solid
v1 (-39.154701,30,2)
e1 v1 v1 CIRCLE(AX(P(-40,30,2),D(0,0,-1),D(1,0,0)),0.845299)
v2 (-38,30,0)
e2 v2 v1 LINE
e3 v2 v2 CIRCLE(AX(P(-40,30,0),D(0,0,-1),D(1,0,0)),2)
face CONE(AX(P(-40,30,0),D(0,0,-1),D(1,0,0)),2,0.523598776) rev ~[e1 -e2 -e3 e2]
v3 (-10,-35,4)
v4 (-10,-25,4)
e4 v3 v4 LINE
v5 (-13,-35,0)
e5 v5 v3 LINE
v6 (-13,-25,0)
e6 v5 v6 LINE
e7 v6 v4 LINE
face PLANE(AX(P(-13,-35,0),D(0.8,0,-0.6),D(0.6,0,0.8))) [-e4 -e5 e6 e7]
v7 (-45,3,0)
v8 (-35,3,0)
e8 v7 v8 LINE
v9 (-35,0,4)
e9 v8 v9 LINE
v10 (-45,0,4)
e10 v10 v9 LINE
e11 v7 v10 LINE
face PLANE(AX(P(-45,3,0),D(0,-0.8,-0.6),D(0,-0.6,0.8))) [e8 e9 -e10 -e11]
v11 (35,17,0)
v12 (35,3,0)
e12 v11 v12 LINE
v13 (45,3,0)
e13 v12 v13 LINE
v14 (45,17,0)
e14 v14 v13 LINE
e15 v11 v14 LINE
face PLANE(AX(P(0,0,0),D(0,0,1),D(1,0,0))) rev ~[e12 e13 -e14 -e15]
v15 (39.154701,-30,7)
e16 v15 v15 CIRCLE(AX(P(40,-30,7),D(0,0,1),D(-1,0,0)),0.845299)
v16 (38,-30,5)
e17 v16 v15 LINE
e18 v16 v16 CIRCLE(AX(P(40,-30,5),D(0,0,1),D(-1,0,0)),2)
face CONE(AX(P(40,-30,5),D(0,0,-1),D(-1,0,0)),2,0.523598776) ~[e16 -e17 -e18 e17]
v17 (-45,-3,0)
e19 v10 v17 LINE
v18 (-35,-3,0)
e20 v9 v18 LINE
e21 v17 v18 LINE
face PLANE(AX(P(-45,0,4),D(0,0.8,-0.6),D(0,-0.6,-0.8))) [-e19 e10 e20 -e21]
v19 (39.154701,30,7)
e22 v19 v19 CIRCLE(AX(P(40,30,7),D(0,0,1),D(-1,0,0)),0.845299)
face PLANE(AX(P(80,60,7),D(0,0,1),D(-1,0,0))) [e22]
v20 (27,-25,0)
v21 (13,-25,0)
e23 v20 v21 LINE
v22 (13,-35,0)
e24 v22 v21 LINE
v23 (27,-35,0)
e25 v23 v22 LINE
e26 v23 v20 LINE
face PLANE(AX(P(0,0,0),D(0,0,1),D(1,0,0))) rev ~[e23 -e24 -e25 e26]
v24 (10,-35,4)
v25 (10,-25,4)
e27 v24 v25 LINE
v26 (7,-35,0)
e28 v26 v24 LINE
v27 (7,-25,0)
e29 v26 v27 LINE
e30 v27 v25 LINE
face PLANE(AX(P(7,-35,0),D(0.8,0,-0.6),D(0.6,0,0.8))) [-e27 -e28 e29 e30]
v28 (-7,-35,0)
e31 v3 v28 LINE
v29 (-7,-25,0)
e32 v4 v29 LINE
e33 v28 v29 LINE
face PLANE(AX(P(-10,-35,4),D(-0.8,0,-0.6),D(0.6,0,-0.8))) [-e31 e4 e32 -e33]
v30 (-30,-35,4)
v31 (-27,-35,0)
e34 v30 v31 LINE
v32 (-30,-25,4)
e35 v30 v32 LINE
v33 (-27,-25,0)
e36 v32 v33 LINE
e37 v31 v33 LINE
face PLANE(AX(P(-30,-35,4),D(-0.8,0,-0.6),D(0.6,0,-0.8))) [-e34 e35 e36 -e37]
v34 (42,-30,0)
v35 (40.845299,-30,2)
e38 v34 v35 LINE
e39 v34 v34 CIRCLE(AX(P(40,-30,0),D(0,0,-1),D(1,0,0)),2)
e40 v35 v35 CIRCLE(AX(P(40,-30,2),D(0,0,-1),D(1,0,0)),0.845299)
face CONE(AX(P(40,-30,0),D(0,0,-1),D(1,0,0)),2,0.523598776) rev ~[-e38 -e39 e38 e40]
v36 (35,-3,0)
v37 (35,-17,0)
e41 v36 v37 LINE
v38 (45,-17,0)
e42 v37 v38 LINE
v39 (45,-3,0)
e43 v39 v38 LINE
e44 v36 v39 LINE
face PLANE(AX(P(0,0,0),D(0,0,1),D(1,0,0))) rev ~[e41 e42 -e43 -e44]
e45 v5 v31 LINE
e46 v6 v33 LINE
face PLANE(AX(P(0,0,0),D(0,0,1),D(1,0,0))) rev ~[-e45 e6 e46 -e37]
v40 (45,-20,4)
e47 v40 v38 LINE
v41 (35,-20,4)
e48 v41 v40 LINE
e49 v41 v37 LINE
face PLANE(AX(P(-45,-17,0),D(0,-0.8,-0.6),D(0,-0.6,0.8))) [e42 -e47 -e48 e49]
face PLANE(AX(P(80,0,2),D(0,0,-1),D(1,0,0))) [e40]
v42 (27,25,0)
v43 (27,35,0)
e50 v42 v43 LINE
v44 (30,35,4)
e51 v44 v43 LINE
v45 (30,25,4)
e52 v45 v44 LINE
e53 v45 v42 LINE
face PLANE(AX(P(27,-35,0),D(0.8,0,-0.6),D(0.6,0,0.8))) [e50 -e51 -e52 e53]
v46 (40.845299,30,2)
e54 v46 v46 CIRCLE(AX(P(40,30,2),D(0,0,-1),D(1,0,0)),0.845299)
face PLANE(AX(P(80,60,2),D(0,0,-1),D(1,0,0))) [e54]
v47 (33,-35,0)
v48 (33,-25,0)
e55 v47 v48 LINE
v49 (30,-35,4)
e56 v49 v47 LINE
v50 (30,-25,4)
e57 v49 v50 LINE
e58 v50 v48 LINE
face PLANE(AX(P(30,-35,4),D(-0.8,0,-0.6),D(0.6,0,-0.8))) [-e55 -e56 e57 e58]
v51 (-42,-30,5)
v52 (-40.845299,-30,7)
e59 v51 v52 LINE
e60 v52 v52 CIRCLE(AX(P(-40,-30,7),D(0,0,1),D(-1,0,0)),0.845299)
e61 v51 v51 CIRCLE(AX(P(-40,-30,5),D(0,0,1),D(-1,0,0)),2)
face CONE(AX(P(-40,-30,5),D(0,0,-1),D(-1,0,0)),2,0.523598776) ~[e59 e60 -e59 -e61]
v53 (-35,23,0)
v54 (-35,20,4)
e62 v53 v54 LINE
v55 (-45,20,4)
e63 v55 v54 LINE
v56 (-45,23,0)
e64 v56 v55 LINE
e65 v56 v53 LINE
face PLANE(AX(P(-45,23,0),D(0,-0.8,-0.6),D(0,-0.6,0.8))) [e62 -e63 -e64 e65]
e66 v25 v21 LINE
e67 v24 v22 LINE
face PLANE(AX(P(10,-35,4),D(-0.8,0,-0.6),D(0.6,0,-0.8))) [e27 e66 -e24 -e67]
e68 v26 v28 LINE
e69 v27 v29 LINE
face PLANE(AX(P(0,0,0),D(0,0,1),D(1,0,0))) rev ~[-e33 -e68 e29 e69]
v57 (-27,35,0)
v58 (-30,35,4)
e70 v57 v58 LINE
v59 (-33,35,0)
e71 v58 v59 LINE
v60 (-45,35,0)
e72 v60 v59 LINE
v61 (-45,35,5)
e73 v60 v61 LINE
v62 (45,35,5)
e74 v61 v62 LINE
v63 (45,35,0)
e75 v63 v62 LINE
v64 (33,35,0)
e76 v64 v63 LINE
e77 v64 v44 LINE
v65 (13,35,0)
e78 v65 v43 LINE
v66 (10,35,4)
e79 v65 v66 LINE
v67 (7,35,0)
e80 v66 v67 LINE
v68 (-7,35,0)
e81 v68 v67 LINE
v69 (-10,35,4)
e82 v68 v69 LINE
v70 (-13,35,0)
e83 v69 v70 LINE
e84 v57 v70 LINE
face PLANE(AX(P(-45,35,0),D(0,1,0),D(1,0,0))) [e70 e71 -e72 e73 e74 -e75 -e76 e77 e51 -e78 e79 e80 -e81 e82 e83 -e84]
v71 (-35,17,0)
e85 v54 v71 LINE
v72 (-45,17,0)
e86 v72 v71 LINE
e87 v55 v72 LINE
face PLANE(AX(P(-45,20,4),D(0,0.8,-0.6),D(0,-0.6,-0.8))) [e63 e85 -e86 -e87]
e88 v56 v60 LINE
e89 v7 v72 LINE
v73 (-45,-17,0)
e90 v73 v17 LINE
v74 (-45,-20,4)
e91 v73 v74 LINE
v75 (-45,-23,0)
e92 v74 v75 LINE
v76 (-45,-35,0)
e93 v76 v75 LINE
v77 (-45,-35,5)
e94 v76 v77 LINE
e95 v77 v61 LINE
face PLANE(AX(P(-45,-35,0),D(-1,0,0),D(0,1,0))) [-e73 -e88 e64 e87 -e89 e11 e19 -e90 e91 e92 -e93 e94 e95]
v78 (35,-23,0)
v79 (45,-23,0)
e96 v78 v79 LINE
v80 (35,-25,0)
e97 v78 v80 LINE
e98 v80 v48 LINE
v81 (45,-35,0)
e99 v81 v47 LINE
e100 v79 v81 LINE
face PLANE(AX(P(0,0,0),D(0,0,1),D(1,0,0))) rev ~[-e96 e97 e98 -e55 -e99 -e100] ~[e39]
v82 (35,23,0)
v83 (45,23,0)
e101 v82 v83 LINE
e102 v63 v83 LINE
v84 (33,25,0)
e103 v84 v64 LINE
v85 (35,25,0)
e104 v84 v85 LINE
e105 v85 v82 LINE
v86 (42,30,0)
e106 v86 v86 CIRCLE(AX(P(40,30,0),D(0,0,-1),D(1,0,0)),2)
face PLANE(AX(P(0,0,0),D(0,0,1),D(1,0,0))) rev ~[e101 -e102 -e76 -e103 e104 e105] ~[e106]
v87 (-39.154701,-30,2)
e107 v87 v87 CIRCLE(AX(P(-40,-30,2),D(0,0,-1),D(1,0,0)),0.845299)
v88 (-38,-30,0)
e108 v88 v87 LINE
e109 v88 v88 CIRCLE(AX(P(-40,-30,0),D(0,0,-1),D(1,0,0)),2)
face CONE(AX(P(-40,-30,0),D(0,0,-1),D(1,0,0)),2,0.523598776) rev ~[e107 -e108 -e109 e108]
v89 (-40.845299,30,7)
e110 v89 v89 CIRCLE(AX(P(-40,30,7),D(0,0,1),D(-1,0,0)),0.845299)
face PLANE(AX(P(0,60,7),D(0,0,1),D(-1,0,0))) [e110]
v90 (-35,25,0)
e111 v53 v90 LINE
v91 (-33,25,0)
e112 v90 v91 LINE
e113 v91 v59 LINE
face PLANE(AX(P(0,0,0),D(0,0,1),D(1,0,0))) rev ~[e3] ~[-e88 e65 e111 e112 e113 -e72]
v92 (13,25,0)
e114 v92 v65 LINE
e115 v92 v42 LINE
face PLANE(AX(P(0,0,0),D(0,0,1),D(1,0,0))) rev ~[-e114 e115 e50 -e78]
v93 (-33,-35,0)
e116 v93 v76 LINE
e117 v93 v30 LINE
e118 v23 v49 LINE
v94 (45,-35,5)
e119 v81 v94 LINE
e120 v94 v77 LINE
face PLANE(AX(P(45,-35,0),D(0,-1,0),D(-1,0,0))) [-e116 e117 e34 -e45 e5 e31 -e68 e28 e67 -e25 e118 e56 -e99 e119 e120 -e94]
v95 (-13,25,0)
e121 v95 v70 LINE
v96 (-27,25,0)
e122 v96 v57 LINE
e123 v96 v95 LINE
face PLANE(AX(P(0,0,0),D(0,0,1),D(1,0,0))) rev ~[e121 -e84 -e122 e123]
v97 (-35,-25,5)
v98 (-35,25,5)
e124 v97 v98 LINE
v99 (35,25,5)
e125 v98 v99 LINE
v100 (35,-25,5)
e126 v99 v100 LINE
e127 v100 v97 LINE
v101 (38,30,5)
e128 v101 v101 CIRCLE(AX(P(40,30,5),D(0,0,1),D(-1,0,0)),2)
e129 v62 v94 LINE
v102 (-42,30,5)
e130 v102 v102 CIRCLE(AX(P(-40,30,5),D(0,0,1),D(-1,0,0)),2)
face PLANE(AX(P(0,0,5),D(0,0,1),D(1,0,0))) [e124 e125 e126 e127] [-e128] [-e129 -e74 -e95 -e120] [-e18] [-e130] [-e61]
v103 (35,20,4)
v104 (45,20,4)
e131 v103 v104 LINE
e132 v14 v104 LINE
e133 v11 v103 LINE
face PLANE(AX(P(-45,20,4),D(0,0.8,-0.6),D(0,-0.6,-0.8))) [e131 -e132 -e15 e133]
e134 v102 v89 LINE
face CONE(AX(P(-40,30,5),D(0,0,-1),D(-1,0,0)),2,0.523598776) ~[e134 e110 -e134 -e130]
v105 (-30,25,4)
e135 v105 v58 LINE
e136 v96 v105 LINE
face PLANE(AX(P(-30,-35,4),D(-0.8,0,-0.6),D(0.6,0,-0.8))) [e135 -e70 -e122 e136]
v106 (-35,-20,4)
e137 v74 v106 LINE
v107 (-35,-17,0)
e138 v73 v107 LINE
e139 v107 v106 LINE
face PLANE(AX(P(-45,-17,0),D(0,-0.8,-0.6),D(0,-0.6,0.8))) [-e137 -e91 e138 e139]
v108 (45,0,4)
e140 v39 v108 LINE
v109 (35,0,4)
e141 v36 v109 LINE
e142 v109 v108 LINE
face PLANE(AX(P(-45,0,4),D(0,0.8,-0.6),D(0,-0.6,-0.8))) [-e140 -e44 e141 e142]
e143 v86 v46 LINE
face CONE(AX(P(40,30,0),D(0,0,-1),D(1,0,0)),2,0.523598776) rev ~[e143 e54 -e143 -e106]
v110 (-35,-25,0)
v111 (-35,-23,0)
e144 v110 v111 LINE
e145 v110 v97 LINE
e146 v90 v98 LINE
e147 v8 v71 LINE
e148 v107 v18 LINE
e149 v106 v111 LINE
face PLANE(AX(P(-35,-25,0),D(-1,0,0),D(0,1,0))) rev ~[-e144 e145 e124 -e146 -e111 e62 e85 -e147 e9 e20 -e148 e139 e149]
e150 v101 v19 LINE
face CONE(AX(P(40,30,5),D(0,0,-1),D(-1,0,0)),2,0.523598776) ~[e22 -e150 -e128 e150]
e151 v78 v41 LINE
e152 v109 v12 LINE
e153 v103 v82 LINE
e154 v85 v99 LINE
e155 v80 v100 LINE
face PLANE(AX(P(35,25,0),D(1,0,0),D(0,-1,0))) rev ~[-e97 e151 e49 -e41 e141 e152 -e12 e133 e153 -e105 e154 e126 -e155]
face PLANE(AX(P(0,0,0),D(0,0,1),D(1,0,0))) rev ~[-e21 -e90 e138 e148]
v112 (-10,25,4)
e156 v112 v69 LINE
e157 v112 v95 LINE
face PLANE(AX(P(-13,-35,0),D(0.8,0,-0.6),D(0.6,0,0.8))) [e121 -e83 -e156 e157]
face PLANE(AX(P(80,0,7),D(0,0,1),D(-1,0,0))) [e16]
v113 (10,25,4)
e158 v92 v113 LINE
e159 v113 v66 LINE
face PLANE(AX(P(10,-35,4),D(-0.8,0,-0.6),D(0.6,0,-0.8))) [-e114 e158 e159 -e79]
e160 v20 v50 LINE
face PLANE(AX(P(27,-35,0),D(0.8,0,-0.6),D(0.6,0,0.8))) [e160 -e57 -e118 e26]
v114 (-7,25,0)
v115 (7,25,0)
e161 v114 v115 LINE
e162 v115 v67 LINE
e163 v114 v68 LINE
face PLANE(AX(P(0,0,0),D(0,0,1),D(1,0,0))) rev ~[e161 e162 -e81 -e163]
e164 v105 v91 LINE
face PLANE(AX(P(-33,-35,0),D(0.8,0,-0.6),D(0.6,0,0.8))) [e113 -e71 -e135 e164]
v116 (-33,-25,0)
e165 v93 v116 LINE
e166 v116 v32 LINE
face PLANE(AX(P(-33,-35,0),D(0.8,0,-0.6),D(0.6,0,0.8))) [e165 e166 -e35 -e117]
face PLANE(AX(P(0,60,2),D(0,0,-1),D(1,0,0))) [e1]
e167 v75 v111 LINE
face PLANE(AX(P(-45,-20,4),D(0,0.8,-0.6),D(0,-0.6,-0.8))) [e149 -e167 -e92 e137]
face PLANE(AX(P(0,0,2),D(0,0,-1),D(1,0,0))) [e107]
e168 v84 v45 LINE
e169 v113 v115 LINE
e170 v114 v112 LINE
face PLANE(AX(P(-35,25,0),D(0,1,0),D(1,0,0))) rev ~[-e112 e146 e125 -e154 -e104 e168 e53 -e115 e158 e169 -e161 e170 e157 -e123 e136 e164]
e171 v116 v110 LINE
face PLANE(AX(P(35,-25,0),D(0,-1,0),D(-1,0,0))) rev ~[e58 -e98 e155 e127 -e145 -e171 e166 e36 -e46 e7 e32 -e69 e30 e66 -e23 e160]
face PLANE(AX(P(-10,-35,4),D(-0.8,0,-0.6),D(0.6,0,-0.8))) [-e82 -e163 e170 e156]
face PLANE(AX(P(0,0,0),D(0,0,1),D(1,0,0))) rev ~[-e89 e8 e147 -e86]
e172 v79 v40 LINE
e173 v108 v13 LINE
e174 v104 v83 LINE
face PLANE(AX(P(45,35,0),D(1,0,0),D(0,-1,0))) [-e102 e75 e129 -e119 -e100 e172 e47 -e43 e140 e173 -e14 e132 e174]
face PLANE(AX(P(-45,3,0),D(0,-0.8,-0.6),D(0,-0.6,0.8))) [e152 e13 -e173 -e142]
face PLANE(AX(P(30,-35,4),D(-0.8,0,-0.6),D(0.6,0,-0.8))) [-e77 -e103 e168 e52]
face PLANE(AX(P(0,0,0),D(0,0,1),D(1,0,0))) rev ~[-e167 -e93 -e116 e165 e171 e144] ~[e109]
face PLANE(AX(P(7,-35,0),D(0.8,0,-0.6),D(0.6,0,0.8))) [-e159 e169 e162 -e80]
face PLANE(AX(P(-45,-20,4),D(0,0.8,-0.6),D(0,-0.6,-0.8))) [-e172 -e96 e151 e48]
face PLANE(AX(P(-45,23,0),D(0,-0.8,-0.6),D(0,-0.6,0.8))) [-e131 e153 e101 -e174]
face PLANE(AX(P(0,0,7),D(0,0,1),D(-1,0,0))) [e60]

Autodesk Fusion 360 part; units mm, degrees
sketch "Sketch1" plane through (0, 0, 0) normal (0, 0, 1) x (1, 0, 0)
  line L0 (-45, 35) -> (45, 35)
  line L1 (45, 35) -> (45, -35)
  line L2 (45, -35) -> (-45, -35)
  line L3 (-45, -35) -> (-45, 35)
  line L4 (-45, 35) -> (45, -35) construction
  line L5 (45, 35) -> (-45, -35) construction
  line L6 (-35, 25) -> (35, 25)
  line L7 (35, 25) -> (35, -25)
  line L8 (35, -25) -> (-35, -25)
  line L9 (-35, -25) -> (-35, 25)
  line L10 (-35, 25) -> (35, -25) construction
  line L11 (35, 25) -> (-35, -25) construction
  dimension "d1" = 90
  dimension "d2" = 70
  dimension "d3" = 10
  dimension "d4" = 10
extrude "Extrude1" add sketch "Sketch1" along normal blind 5
sketch "Sketch2" plane through (0, -35, 0) normal (0, -1, 0) x (1, 0, 0)
  line L0 (-45, 0) -> (45, 0)
  line L1 (45, 0) -> (45, 5)
  line L2 (45, 5) -> (-45, 5)
  line L3 (-33, 0) -> (-30, 4)
  line L4 (-30, 4) -> (-27, 0)
  line L5 (-33, 0) -> (-27, 0)
  dimension "d37" = 4
  dimension "d40" = 15
  dimension "d41" = 6
extrude "Extrude2" cut sketch "Sketch2" against normal through all
pattern_linear "R-Pattern1" count 4 spacing 20 along (1, 0, 0) of "Extrude2"
sketch "Sketch3" plane through (-45, 0, 0) normal (-1, 0, 0) x (0, -1, 0)
  line L0 (-35, 0) -> (35, 0)
  line L1 (35, 0) -> (35, 5)
  line L2 (35, 5) -> (-35, 5)
  line L3 (-23, 0) -> (-20, 4)
  line L4 (-20, 4) -> (-17, 0)
  dimension "d42" = 6
  dimension "d43" = 4
  dimension "d44" = 15
extrude "Extrude3" cut sketch "Sketch3" against normal through all
pattern_linear "R-Pattern2" count 3 spacing 20 along (0, -1, 0) of "Extrude3"
sketch "Sketch4" plane through (0, 0, 5) normal (0, 0, 1) x (-1, 0, 0)
  line L0 (45, -35) -> (45, 35)
  line L1 (45, 35) -> (-45, 35)
  line L2 (-35, 25) -> (35, 25)
  line L3 (35, 25) -> (35, -25)
  circle A0 centre (40, 30) radius 2
  line L4 (35, -25) -> (-35, -25)
  line L5 (-35, -25) -> (-35, 25)
  line L6 (-45, 35) -> (-45, -35)
  line L7 (-45, -35) -> (45, -35)
  dimension "d23" = 5
  dimension "d24" = 5
  dimension "d25" = 4
extrude "Extrude4" add sketch "Sketch4" along normal blind 2 draft -30 contours A0
sketch "Sketch5" plane through (0, 0, 0) normal (0, 0, -1) x (1, 0, 0)
  circle A0 centre (-40, 30) radius 2
  line L0 (45, -23) -> (35, -23)
  line L1 (-45, 35) -> (-45, 23)
  line L2 (33, -35) -> (45, -35)
  line L3 (-33, 25) -> (-33, 35)
  line L4 (35, -25) -> (33, -25)
  line L5 (-35, 23) -> (-35, 25)
  line L6 (35, -23) -> (35, -25)
  line L7 (33, -25) -> (33, -35)
  line L8 (45, -35) -> (45, -23)
  line L9 (-33, 35) -> (-45, 35)
  line L10 (-45, 35) -> (-45, 23)
  line L11 (-45, 23) -> (-35, 23)
  line L12 (-35, 25) -> (-33, 25)
  line L13 (-33, 35) -> (-45, 35)
  line L14 (35, 23) -> (45, 23)
  line L15 (45, 23) -> (45, 35)
  line L16 (45, 35) -> (33, 35)
  line L17 (33, 35) -> (33, 25)
  line L18 (33, 25) -> (35, 25)
  line L19 (35, 25) -> (35, 23)
  line L20 (-35, -23) -> (-45, -23)
  line L21 (-45, -23) -> (-45, -35)
  line L22 (-45, -35) -> (-33, -35)
  line L23 (-33, -35) -> (-33, -25)
  line L24 (-33, -25) -> (-35, -25)
  line L25 (-35, -25) -> (-35, -23)
  dimension "d30" = 4
  dimension "d45" = 5
  dimension "d46" = 5
extrude "Extrude5" cut sketch "Sketch5" against normal blind 2 draft -30 contours A0
pattern_linear "R-Pattern3" count 2 spacing 80 along (1, 0, 0) count 2 spacing 60 along (0, 1, 0) of "Extrude4", "Extrude5"
